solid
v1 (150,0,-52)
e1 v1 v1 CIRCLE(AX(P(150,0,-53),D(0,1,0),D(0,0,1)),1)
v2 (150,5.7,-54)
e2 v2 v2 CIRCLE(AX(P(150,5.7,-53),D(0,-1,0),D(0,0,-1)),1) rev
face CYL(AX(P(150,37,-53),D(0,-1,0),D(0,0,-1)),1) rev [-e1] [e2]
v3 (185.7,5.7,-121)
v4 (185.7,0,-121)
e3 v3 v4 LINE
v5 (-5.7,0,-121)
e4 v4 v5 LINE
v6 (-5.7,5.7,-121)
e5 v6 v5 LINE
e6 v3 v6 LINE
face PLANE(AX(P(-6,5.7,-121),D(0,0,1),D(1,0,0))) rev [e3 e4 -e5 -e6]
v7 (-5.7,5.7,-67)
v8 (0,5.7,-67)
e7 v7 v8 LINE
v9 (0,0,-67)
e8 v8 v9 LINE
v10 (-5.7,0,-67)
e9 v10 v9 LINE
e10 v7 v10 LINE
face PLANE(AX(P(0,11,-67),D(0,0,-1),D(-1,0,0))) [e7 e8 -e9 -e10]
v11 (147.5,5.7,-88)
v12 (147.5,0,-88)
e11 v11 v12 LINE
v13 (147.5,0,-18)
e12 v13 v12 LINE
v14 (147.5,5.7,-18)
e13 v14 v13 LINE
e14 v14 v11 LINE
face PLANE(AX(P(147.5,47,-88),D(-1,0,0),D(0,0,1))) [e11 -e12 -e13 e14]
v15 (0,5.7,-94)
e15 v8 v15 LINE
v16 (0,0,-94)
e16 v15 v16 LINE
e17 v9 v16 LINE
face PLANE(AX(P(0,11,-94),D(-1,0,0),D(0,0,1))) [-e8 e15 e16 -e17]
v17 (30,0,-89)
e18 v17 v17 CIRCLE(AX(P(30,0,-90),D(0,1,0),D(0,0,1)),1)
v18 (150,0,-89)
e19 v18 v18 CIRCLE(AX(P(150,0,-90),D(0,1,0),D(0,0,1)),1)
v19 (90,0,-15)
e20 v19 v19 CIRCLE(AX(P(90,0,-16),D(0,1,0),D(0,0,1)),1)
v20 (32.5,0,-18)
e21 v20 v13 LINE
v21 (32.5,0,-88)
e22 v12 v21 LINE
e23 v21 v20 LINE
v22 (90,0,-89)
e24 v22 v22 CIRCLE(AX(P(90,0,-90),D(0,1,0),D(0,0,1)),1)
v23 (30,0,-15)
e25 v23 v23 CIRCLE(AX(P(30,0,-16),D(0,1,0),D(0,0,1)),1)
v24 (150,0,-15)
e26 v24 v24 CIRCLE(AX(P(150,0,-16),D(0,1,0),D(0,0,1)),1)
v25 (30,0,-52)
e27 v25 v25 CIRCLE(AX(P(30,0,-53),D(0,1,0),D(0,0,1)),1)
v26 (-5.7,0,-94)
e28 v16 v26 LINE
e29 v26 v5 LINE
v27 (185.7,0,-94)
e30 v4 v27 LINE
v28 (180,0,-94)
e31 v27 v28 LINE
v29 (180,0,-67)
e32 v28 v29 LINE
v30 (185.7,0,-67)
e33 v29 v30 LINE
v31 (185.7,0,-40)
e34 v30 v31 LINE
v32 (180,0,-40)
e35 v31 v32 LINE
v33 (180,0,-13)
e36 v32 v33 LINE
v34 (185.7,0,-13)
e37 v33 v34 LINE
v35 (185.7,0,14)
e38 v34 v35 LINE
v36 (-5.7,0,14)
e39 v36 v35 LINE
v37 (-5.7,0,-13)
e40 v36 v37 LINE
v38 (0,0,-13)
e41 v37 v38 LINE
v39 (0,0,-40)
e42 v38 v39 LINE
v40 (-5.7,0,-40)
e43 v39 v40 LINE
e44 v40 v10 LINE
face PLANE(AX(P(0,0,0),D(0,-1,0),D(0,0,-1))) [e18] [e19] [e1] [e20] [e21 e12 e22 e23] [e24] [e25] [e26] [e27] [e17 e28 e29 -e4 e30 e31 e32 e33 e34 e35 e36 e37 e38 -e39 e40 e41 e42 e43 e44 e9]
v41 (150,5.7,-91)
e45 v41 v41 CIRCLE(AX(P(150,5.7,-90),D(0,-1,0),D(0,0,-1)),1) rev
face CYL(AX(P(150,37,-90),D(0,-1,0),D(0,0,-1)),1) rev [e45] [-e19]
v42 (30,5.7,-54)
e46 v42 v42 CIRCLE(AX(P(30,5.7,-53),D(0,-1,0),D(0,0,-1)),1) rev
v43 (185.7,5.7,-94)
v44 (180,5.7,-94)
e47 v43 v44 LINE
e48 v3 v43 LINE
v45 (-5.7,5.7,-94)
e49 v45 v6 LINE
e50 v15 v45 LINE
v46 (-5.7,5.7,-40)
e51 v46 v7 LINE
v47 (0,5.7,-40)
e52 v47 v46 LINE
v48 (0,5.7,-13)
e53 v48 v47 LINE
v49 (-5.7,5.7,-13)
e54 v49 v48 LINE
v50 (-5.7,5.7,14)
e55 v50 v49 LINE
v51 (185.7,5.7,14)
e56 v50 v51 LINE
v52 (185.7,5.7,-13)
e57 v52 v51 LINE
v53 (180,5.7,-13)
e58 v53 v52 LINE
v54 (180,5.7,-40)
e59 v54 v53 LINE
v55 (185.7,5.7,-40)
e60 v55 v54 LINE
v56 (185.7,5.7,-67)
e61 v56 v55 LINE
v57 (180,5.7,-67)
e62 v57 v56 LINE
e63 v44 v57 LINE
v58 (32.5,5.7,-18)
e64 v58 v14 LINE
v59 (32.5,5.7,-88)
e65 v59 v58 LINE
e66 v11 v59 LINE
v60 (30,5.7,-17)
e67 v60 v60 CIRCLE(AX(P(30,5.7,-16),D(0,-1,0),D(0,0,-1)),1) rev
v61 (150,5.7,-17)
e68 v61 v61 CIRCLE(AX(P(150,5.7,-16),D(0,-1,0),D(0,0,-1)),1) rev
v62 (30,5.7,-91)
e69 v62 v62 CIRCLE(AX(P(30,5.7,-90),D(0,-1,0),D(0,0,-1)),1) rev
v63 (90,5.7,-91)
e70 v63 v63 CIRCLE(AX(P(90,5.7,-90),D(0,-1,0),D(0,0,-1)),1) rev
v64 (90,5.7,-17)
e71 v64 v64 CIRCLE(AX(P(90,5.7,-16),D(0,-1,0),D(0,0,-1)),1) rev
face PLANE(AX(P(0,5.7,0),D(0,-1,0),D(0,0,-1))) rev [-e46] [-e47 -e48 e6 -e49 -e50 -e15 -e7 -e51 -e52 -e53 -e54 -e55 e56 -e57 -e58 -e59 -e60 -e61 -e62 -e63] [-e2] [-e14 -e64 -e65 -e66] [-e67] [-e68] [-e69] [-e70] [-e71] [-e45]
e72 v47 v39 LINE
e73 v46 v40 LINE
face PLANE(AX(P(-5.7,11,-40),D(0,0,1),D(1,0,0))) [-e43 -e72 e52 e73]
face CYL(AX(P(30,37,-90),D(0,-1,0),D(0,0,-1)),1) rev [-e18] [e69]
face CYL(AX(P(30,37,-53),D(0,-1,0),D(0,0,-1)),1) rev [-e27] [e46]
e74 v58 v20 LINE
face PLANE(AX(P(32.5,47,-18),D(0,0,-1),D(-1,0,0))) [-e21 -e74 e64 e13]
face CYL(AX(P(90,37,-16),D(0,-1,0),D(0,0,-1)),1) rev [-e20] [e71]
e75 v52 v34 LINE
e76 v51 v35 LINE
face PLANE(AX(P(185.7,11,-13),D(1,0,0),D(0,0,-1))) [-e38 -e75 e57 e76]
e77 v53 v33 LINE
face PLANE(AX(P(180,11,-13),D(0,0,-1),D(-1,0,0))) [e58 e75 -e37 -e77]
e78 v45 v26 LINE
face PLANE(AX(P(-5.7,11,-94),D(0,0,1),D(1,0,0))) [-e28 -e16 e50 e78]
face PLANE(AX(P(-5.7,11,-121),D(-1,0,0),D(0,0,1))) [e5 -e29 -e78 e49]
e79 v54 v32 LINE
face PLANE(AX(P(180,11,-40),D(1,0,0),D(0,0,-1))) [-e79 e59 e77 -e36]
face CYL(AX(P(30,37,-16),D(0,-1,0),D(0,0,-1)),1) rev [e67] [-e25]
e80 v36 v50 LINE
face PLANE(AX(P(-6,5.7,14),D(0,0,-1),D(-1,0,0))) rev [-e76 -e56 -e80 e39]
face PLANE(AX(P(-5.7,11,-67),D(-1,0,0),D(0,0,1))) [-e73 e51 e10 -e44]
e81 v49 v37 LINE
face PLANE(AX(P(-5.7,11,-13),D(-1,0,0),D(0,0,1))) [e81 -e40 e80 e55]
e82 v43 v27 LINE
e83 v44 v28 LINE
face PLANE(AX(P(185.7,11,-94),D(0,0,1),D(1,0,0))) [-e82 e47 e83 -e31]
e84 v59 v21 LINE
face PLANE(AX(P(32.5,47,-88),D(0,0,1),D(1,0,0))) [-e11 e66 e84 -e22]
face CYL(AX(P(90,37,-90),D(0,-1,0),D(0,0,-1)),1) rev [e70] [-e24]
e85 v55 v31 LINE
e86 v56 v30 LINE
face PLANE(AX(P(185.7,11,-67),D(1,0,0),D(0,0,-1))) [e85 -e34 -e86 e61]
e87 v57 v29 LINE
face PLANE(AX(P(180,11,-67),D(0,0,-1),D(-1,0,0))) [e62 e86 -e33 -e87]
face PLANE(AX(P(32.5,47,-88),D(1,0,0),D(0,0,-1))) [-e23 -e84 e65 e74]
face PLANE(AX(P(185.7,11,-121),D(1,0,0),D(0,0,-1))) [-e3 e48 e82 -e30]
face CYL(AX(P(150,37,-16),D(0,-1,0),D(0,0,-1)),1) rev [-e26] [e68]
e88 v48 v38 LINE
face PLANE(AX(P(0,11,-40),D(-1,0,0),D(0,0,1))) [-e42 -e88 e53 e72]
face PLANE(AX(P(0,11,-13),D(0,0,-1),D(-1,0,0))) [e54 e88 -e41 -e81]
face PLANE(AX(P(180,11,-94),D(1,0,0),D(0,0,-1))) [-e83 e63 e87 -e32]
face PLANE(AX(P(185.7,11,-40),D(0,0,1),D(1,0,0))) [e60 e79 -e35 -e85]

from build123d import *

# Parameters (mm, degrees)
SKETCH3_W           = 192
SKETCH3_H           = 135
BOSS_EXTRUDE1_DEPTH = 5.7
SKETCH9_W           = 115
SKETCH9_H           = 70
CUT_EXTRUDE2_DEPTH  = 47
SKETCH12_R          = 1
CUT_EXTRUDE3_DEPTH  = 37
CUT_EXTRUDE4_DEPTH  = 11


with BuildPart() as part:
    # Sketch3 → Boss-Extrude1 (new body)
    with BuildSketch(Plane(origin=(0, 0, 0), x_dir=(1, 0, 0), z_dir=(0, 1, 0))):
        with Locations((90, 53.5)):
            Rectangle(SKETCH3_W, SKETCH3_H)
    extrude(amount=BOSS_EXTRUDE1_DEPTH)

    # Sketch9 → Cut-Extrude2 (cut)
    with BuildSketch(Plane(origin=(0, 0, 0), x_dir=(1, 0, 0), z_dir=(0, 1, 0))):
        with Locations((90, 53)):
            Rectangle(SKETCH9_W, SKETCH9_H)
    extrude(amount=CUT_EXTRUDE2_DEPTH, mode=Mode.SUBTRACT)

    # Sketch12 → Cut-Extrude3 (cut)
    with BuildSketch(Plane(origin=(0, 0, 0), x_dir=(1, 0, 0), z_dir=(0, 1, 0))):
        with Locations((30, 90)):
            Circle(SKETCH12_R)
        with Locations((30, 53)):
            Circle(SKETCH12_R)
        with Locations((30, 16)):
            Circle(SKETCH12_R)
        with Locations((90, 16)):
            Circle(SKETCH12_R)
        with Locations((150, 16)):
            Circle(SKETCH12_R)
        with Locations((150, 53)):
            Circle(SKETCH12_R)
        with Locations((150, 90)):
            Circle(SKETCH12_R)
        with Locations((90, 90)):
            Circle(SKETCH12_R)
    extrude(amount=CUT_EXTRUDE3_DEPTH, mode=Mode.SUBTRACT)

    # Sketch13 → Cut-Extrude4 (cut)
    with BuildSketch(Plane(origin=(0, 0, 0), x_dir=(1, 0, 0), z_dir=(0, 1, 0))):
        Polygon((-5.7, 121), (-5.7, 94), (0, 94), (0, 67), (-5.7, 67), (-5.7, 40), (0, 40), (0, 13), (-5.7, 13), (-5.7, -14), (-9.7, -14), (-9.7, 121), align=None)
        Polygon((189.7, 121), (185.7, 121), (185.7, 94), (180, 94), (180, 67), (185.7, 67), (185.7, 40), (180, 40), (180, 13), (185.7, 13), (185.7, -14), (189.7, -14), align=None)
    extrude(amount=CUT_EXTRUDE4_DEPTH, mode=Mode.SUBTRACT)


solid = part.part
